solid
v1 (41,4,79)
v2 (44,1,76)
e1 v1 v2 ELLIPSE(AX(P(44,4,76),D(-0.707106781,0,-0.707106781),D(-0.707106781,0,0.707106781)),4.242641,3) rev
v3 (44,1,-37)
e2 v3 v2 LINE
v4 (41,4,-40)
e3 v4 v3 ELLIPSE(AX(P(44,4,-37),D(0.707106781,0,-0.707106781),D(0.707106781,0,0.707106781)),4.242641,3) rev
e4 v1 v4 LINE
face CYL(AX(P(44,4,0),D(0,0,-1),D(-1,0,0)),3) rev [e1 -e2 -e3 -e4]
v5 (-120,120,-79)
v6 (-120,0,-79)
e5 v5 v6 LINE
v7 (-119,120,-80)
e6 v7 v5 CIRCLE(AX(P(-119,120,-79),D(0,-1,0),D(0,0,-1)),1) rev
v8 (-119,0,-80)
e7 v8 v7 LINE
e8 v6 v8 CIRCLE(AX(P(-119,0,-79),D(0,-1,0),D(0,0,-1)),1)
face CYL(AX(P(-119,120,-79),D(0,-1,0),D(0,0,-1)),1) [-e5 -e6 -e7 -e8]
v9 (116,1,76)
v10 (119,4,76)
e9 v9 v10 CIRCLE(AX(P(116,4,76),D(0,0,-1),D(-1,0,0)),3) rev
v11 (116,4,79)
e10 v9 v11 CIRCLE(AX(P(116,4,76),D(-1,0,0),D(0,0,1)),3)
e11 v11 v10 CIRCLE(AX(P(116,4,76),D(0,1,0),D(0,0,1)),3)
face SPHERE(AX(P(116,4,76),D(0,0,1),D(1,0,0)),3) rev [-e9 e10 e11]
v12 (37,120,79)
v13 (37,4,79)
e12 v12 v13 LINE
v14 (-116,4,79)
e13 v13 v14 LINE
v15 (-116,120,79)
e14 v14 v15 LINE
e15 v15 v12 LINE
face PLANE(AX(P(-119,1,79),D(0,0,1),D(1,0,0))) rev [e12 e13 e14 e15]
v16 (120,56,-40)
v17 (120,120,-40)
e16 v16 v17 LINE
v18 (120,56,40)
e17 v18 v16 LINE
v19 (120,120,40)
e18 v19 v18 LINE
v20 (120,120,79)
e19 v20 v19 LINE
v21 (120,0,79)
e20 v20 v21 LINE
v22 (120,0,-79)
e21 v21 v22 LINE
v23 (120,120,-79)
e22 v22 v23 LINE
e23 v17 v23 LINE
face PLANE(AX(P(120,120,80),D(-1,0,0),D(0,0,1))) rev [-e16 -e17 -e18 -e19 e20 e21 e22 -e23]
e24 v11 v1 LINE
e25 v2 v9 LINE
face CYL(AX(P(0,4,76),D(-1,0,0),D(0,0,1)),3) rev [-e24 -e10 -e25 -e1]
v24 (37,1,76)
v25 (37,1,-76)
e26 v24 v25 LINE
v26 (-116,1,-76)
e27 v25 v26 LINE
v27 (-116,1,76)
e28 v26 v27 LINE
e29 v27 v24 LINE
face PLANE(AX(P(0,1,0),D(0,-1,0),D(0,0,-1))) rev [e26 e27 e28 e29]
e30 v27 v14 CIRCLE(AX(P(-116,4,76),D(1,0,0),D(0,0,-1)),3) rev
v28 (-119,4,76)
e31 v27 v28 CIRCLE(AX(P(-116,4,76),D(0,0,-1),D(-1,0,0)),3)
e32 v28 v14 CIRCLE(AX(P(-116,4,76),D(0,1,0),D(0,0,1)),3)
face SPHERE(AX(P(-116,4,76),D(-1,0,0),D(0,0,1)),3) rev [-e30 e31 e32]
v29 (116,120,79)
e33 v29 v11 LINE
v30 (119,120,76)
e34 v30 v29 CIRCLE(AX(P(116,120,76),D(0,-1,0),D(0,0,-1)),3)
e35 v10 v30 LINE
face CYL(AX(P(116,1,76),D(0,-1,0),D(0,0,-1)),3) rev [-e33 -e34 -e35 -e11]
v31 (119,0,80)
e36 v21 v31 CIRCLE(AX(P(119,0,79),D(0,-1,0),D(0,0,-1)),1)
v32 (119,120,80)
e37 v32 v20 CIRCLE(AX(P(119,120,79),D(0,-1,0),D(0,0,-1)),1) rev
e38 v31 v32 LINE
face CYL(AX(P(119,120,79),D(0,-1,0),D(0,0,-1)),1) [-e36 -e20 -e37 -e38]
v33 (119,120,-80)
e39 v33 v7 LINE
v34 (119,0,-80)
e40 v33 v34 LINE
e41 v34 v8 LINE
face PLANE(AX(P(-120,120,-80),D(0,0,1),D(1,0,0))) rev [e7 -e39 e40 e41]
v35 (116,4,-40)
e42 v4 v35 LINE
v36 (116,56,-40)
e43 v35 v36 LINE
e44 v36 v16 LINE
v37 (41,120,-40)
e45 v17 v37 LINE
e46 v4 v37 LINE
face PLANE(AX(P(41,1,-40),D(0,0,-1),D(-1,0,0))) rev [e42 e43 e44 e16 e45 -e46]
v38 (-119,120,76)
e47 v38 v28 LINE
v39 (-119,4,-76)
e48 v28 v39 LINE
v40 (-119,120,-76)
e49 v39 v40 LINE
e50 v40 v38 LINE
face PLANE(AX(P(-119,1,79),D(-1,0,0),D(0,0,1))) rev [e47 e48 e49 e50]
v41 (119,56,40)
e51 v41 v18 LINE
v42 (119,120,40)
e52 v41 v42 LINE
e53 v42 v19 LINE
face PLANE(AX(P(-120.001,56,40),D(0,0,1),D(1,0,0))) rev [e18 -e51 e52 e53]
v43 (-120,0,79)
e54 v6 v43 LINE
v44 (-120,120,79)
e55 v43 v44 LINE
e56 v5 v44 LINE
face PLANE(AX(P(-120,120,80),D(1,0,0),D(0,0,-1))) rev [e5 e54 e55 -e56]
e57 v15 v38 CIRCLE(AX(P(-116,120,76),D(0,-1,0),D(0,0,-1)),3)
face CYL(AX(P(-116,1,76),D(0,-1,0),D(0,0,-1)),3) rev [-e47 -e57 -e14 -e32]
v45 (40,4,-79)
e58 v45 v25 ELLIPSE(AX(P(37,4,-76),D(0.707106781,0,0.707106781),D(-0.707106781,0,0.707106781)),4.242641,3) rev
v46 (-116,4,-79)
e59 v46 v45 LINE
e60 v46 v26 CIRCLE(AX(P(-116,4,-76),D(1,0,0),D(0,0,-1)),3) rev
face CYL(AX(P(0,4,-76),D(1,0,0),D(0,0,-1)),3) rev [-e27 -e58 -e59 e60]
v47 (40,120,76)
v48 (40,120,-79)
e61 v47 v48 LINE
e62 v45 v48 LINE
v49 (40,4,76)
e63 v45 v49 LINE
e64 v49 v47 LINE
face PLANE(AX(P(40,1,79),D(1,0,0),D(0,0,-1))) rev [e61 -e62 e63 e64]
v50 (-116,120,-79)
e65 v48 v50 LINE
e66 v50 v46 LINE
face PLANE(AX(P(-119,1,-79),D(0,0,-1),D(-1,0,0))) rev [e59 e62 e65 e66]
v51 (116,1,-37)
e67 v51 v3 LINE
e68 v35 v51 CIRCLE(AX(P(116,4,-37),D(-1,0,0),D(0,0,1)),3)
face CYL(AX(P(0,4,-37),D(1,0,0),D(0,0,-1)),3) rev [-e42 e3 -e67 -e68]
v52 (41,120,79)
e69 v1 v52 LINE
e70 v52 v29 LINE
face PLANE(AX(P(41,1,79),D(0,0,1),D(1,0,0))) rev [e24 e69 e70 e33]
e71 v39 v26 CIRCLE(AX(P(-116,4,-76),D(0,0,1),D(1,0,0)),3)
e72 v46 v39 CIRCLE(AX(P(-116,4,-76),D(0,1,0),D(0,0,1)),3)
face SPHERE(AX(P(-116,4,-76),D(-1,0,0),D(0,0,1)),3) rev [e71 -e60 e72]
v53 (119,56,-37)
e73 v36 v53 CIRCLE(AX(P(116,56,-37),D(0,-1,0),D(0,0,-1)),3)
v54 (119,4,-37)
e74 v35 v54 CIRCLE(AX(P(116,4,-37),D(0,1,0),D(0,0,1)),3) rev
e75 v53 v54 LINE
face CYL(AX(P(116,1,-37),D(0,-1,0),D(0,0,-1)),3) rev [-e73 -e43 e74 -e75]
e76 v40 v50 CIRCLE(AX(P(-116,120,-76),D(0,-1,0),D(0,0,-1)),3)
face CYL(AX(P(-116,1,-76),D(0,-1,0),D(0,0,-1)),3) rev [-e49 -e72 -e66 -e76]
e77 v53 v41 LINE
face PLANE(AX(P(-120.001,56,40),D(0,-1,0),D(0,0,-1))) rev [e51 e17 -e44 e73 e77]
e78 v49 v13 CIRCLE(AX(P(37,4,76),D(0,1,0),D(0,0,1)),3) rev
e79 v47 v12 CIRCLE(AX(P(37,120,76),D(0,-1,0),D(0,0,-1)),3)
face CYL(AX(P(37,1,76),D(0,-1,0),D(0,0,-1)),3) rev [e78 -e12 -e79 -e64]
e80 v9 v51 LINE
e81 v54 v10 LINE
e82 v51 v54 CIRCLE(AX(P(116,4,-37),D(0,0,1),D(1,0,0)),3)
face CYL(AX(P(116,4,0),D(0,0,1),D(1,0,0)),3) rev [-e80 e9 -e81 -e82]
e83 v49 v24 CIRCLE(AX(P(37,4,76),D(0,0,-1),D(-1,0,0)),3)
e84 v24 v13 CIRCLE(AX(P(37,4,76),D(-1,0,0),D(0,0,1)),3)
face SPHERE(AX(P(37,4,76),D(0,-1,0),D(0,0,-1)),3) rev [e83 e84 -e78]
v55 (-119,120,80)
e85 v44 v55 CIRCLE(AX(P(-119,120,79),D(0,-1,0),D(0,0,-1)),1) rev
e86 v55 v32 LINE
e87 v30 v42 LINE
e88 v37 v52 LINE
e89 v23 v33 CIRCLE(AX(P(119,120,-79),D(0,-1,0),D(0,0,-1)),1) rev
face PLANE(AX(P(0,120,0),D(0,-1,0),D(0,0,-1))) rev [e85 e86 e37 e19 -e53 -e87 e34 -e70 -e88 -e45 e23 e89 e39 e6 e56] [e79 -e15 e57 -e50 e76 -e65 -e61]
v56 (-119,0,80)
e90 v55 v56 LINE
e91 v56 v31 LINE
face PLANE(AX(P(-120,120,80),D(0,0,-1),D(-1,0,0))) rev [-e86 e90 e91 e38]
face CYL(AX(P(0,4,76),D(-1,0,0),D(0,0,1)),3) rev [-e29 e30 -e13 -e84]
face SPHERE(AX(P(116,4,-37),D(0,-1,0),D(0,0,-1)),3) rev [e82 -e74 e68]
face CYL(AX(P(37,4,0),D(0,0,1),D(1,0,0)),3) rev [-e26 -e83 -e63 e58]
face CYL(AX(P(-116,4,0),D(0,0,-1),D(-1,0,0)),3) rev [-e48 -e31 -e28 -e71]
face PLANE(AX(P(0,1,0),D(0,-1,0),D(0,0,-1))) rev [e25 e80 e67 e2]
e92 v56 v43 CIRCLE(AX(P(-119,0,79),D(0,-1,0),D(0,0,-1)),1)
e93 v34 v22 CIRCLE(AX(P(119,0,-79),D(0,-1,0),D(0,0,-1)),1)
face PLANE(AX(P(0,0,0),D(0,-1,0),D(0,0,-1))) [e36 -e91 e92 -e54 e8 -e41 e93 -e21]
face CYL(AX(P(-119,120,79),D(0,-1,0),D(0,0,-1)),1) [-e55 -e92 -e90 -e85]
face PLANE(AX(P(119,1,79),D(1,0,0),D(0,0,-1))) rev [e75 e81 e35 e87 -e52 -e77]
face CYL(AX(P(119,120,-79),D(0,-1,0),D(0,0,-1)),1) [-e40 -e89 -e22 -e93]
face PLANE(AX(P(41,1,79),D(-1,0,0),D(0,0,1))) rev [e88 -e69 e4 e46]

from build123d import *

# Parameters (mm, degrees)
SKETCH_1_W          = 240
SKETCH_1_H          = 160
EXTRUDE_1_DEPTH     = 120
SKETCH_2_W          = 159
SKETCH_2_H          = 158
SKETCH_2_W_2        = 78
SKETCH_2_H_2        = 119
CUT_EXTRUDE_1_DEPTH = 119
CUT_EXTRUDE_2_REACH = 242
SKETCH_3_W          = 80
SKETCH_3_H          = 64
FILLET_1_R          = 1
FILLET_2_R          = 3


with BuildPart() as part:
    # 草圖1 → 填料-伸長1 (new body)
    with BuildSketch(Plane(origin=(0, 0, 0), x_dir=(1, 0, 0), z_dir=(0, 1, 0))):
        Rectangle(SKETCH_1_W, SKETCH_1_H)
    extrude(amount=EXTRUDE_1_DEPTH)

    # 草圖2 → 除料-伸長1 (cut)
    with BuildSketch(Plane(origin=(0, 120, 0), x_dir=(1, 0, 0), z_dir=(0, 1, 0))):
        with Locations((-39.5, 0)):
            Rectangle(SKETCH_2_W, SKETCH_2_H)
        with Locations((80, -19.5)):
            Rectangle(SKETCH_2_W_2, SKETCH_2_H_2)
    extrude(amount=-CUT_EXTRUDE_1_DEPTH, mode=Mode.SUBTRACT)

    # 草圖3 → 除料-伸長2 (cut, up to next)
    with BuildSketch(Plane(origin=(120, 0, 0), x_dir=(0, 0, -1), z_dir=(1, 0, 0)), mode=Mode.PRIVATE) as cut_extrude_2_sk1:
        with Locations((0, 88)):
            Rectangle(SKETCH_3_W, SKETCH_3_H)
    cut_extrude_2_tool1 = extrude(cut_extrude_2_sk1.sketch, amount=-CUT_EXTRUDE_2_REACH, mode=Mode.PRIVATE) & part.part
    add(cut_extrude_2_tool1.solids().sort_by_distance((120, 88, 0))[0], mode=Mode.SUBTRACT)

    # 圓角1
    fillet_1_edges = [part.edges().sort_by_distance(p)[0] for p in [
        (120, 60, 80),
        (-120, 60, 80),
        (-120, 60, -80),
        (120, 60, -80),
    ]]
    fillet(fillet_1_edges, radius=FILLET_1_R)

    # 圓角2
    fillet_2_edges = [part.edges().sort_by_distance(p)[0] for p in [
        (40, 1, 0),
        (-39.5, 1, 79),
        (40, 60.5, 79),
        (-119, 1, 0),
        (-119, 60.5, 79),
        (-39.5, 1, -79),
        (-119, 60.5, -79),
        (119, 1, 19.5),
        (119, 28.5, -40),
        (80, 1, 79),
        (119, 60.5, 79),
        (41, 1, 19.5),
        (80, 1, -40),
    ]]
    fillet(fillet_2_edges, radius=FILLET_2_R)


solid = part.part
